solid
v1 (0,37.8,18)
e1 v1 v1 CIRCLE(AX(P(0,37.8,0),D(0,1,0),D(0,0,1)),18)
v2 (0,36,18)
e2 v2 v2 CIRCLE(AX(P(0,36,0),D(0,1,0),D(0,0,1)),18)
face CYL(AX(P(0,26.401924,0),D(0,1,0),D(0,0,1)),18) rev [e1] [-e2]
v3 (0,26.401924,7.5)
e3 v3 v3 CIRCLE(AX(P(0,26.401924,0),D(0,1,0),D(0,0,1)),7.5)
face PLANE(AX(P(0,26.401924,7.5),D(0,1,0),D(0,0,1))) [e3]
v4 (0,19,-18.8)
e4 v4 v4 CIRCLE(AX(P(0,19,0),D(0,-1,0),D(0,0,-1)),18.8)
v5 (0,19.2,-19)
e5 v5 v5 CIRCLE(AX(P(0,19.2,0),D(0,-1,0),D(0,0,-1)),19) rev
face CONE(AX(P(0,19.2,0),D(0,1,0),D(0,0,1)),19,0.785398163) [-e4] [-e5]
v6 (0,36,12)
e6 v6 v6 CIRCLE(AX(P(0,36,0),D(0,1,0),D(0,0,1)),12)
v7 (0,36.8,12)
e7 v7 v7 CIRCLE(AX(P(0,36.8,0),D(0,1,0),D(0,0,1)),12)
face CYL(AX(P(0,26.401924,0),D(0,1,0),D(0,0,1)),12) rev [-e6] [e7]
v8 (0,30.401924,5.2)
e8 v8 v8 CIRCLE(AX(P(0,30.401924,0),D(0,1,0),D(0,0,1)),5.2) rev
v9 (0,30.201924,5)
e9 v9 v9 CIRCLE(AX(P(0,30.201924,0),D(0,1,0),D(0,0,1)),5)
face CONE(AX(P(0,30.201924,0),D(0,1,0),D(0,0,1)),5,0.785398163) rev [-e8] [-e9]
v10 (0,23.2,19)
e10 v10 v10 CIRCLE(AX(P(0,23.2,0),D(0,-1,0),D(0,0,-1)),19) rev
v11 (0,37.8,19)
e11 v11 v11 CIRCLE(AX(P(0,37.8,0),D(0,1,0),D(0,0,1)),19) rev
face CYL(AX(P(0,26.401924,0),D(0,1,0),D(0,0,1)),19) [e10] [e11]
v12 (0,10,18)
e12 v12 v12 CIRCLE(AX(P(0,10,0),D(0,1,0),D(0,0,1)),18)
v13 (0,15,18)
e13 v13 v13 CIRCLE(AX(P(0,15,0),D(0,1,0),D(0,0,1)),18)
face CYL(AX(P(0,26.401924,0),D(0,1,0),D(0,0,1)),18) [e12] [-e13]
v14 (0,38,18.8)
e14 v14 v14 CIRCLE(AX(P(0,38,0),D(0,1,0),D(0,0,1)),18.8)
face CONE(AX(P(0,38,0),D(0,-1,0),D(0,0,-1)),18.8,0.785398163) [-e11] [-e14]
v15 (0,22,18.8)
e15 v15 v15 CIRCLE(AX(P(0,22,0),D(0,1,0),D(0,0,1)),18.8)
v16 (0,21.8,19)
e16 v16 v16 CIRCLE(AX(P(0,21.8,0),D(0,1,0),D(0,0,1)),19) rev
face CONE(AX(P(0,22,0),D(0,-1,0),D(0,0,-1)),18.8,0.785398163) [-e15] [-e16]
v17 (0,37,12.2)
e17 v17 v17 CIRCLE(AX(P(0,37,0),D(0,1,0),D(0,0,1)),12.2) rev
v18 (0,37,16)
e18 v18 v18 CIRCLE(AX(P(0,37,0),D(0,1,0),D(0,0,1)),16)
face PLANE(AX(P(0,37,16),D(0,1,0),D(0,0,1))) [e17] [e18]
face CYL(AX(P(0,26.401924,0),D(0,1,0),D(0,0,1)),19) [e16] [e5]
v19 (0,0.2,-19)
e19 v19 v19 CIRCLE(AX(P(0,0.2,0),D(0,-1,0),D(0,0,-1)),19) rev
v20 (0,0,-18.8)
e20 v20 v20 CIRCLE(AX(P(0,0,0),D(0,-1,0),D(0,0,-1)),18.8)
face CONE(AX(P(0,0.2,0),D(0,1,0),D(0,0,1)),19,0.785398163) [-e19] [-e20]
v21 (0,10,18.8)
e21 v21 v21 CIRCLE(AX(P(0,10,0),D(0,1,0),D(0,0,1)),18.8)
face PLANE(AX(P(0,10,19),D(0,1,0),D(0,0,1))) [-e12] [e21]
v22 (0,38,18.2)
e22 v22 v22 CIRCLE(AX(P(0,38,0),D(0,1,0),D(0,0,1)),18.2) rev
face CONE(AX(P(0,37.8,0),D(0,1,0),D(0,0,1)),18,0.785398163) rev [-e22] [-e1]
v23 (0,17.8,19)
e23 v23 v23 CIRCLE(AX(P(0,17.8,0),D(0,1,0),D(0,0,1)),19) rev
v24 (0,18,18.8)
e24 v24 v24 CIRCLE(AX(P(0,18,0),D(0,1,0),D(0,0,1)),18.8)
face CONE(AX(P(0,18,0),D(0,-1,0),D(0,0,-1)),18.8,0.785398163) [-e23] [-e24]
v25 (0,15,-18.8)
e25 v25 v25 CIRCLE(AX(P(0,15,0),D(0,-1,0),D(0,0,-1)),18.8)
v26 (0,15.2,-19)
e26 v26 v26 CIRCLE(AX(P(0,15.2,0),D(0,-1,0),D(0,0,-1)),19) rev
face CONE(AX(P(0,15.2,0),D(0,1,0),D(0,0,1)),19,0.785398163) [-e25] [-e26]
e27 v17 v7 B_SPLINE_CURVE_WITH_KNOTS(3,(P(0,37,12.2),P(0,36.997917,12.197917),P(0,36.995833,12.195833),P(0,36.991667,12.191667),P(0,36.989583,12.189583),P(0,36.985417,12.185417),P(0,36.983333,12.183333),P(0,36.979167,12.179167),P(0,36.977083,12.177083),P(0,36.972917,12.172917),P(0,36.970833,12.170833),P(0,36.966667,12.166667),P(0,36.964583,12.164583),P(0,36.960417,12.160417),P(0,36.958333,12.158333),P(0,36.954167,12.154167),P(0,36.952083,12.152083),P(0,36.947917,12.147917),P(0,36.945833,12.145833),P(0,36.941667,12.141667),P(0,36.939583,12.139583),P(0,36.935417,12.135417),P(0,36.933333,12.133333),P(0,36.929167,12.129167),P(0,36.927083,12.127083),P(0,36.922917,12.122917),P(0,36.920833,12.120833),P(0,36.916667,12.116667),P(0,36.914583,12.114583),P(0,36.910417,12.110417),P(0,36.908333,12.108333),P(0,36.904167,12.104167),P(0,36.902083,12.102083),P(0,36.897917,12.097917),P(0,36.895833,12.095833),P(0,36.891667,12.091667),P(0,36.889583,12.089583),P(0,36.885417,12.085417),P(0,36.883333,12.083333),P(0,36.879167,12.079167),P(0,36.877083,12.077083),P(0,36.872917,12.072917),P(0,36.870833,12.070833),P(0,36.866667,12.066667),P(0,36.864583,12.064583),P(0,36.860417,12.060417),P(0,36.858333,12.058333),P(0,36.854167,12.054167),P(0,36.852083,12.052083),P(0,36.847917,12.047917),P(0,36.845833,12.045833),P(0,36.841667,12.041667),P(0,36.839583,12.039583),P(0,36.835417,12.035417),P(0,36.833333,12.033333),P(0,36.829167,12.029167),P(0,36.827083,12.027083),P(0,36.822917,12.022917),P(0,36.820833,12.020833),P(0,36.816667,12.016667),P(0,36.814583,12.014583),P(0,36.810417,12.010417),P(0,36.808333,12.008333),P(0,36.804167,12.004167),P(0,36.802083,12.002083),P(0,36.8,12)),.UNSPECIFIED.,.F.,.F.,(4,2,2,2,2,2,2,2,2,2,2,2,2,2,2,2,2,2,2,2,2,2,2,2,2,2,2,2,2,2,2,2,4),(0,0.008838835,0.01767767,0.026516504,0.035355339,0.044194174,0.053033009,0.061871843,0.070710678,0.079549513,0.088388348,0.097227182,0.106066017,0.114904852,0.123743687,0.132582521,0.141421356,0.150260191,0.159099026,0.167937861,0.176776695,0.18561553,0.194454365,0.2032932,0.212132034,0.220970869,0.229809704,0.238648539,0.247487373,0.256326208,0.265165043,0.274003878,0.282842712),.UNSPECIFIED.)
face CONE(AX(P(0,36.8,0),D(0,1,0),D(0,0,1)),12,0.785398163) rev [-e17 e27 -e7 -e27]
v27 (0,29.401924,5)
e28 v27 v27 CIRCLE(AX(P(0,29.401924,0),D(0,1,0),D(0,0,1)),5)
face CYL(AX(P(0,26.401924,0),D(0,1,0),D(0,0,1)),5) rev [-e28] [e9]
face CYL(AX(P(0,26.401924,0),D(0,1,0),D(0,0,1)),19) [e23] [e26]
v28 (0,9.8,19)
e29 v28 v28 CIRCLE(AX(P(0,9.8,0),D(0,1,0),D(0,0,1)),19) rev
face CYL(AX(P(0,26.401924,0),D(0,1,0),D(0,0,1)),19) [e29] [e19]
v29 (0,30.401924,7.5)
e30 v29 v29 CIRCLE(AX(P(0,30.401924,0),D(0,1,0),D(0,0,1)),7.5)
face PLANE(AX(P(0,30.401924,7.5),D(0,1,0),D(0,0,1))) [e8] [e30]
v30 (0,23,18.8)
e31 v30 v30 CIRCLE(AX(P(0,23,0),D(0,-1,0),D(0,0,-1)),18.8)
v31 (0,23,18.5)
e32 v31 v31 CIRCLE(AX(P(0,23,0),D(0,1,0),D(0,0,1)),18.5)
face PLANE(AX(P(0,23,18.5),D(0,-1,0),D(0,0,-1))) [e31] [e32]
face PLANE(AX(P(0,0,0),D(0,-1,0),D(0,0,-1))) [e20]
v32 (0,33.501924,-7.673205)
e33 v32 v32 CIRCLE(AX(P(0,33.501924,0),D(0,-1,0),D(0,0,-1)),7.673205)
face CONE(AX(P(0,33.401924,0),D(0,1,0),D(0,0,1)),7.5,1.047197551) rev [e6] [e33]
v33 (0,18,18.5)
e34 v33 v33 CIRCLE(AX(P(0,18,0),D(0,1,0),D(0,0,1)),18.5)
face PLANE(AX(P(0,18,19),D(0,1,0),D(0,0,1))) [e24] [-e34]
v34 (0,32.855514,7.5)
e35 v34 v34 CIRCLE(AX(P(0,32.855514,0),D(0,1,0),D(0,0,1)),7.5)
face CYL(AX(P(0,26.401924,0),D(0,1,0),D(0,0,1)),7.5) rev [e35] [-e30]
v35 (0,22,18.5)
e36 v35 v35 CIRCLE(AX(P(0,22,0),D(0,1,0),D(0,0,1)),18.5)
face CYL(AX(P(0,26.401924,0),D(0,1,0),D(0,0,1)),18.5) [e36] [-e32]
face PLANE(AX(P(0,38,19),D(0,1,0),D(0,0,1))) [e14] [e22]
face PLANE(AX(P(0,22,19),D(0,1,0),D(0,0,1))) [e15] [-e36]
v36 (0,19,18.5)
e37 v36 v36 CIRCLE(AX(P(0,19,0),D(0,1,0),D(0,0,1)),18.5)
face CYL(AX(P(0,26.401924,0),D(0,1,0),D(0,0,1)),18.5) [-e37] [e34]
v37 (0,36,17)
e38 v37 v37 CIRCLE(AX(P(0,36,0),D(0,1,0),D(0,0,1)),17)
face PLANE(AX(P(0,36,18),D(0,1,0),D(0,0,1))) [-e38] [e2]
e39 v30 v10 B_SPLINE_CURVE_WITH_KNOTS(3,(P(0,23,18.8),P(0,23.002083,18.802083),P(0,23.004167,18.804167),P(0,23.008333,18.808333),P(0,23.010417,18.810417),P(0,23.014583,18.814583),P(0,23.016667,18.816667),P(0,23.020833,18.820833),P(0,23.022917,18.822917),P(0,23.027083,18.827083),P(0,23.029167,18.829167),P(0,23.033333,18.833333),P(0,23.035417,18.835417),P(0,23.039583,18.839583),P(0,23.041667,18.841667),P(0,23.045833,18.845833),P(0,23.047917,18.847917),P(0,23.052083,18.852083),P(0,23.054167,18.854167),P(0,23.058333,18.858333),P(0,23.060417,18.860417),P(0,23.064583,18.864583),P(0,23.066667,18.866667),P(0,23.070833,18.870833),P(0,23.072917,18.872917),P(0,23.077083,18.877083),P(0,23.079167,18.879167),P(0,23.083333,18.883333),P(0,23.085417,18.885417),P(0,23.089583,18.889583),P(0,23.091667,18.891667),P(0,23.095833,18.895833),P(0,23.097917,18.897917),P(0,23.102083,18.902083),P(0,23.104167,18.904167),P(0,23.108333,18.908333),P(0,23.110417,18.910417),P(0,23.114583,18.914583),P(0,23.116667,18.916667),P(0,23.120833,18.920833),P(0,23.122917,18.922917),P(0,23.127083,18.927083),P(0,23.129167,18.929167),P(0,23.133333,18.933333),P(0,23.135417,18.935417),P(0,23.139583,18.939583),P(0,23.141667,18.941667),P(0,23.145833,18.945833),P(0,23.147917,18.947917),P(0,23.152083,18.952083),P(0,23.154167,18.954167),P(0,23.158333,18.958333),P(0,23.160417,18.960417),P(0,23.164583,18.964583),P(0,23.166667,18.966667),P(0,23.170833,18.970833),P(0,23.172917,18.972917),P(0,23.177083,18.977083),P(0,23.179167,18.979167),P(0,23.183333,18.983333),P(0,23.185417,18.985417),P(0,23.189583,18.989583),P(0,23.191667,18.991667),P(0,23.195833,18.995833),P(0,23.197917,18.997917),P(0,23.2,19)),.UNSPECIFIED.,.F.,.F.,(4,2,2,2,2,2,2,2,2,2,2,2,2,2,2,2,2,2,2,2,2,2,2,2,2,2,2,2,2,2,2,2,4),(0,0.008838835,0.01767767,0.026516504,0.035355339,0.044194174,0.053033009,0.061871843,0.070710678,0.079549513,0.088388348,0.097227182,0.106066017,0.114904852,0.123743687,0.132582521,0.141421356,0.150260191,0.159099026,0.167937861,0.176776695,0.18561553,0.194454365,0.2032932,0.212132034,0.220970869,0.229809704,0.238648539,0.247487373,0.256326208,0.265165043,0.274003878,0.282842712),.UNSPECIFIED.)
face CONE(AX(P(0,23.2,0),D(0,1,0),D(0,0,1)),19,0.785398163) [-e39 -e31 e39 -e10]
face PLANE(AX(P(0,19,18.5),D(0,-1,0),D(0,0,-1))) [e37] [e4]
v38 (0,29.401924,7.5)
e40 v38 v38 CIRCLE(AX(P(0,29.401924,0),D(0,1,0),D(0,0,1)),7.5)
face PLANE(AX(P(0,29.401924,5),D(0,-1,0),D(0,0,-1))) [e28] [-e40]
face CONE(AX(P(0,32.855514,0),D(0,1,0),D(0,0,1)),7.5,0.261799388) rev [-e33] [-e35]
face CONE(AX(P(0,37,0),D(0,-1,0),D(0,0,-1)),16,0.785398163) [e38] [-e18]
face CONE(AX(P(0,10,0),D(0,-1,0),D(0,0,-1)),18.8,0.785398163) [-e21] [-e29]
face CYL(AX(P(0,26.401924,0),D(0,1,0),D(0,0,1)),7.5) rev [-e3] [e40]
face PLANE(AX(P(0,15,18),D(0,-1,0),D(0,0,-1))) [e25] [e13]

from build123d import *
from OCP.BRepFilletAPI import BRepFilletAPI_MakeChamfer

# Parameters (mm, degrees)
CHAMFER1_SIZE  = 0.2
CHAMFER1_SIZE2 = 0.546410162


with BuildPart() as part:
    # Sketch2 → Revolve1 (revolve)
    with BuildSketch(Plane(origin=(0, 0, 0), x_dir=(0, 0, -1), z_dir=(1, 0, 0))):
        Polygon((-19, 0), (-19, 10), (-18, 10), (-18, 15), (-19, 15), (-19, 18), (-18.5, 18), (-18.5, 19), (-19, 19), (-19, 22), (-18.5, 22), (-18.5, 23), (-19, 23), (-19, 38), (-18, 38), (-18, 36), (-17, 36), (-16, 37), (-12, 37), (-12, 36), (-7.5, 33.401923789), (-7.5, 30.401923789), (-5, 30.401923789), (-5, 29.401923789), (-7.5, 29.401923789), (-7.5, 26.401923789), (0, 26.401923789), (0, 0), align=None)
    revolve(axis=Axis((0, 26.401923789, 0), (0, -1, 0)))

    # Chamfer1: one chamfer whose edges measure the first distance from different faces: ONE call of the kernel's chamfer builder (chamfer() names one face for all edges)
    chamfer1_edges_1 = [part.edges().sort_by_distance(p)[0] for p in [
        (0, 30.401923789, -5),
        (0, 37, -12),
        (0, 38, -18),
        (0, 38, -19),
        (0, 23, -19),
        (0, 22, -19),
        (0, 19, -19),
        (0, 18, -19),
        (0, 15, -19),
        (0, 10, -19),
        (0, 0, -19),
    ]]
    chamfer1_edges_2 = [part.edges().sort_by_distance(p)[0] for p in [
        (0, 33.401923789, -7.5),
    ]]
    chamfer1_side_2 = [part.faces().sort_by_distance(p)[0] for p in [
        (0, 34.700961894, -9.75),
    ]]
    chamfer1 = BRepFilletAPI_MakeChamfer(part.part.solid().wrapped)
    for e in chamfer1_edges_1:
        chamfer1.Add(CHAMFER1_SIZE, e.wrapped)
    for e in chamfer1_edges_2:
        chamfer1.Add(CHAMFER1_SIZE, CHAMFER1_SIZE2, e.wrapped, chamfer1_side_2[0].wrapped)  # the first distance lies on this face
    add(Compound.cast(chamfer1.Shape()), mode=Mode.REPLACE)


solid = part.part
